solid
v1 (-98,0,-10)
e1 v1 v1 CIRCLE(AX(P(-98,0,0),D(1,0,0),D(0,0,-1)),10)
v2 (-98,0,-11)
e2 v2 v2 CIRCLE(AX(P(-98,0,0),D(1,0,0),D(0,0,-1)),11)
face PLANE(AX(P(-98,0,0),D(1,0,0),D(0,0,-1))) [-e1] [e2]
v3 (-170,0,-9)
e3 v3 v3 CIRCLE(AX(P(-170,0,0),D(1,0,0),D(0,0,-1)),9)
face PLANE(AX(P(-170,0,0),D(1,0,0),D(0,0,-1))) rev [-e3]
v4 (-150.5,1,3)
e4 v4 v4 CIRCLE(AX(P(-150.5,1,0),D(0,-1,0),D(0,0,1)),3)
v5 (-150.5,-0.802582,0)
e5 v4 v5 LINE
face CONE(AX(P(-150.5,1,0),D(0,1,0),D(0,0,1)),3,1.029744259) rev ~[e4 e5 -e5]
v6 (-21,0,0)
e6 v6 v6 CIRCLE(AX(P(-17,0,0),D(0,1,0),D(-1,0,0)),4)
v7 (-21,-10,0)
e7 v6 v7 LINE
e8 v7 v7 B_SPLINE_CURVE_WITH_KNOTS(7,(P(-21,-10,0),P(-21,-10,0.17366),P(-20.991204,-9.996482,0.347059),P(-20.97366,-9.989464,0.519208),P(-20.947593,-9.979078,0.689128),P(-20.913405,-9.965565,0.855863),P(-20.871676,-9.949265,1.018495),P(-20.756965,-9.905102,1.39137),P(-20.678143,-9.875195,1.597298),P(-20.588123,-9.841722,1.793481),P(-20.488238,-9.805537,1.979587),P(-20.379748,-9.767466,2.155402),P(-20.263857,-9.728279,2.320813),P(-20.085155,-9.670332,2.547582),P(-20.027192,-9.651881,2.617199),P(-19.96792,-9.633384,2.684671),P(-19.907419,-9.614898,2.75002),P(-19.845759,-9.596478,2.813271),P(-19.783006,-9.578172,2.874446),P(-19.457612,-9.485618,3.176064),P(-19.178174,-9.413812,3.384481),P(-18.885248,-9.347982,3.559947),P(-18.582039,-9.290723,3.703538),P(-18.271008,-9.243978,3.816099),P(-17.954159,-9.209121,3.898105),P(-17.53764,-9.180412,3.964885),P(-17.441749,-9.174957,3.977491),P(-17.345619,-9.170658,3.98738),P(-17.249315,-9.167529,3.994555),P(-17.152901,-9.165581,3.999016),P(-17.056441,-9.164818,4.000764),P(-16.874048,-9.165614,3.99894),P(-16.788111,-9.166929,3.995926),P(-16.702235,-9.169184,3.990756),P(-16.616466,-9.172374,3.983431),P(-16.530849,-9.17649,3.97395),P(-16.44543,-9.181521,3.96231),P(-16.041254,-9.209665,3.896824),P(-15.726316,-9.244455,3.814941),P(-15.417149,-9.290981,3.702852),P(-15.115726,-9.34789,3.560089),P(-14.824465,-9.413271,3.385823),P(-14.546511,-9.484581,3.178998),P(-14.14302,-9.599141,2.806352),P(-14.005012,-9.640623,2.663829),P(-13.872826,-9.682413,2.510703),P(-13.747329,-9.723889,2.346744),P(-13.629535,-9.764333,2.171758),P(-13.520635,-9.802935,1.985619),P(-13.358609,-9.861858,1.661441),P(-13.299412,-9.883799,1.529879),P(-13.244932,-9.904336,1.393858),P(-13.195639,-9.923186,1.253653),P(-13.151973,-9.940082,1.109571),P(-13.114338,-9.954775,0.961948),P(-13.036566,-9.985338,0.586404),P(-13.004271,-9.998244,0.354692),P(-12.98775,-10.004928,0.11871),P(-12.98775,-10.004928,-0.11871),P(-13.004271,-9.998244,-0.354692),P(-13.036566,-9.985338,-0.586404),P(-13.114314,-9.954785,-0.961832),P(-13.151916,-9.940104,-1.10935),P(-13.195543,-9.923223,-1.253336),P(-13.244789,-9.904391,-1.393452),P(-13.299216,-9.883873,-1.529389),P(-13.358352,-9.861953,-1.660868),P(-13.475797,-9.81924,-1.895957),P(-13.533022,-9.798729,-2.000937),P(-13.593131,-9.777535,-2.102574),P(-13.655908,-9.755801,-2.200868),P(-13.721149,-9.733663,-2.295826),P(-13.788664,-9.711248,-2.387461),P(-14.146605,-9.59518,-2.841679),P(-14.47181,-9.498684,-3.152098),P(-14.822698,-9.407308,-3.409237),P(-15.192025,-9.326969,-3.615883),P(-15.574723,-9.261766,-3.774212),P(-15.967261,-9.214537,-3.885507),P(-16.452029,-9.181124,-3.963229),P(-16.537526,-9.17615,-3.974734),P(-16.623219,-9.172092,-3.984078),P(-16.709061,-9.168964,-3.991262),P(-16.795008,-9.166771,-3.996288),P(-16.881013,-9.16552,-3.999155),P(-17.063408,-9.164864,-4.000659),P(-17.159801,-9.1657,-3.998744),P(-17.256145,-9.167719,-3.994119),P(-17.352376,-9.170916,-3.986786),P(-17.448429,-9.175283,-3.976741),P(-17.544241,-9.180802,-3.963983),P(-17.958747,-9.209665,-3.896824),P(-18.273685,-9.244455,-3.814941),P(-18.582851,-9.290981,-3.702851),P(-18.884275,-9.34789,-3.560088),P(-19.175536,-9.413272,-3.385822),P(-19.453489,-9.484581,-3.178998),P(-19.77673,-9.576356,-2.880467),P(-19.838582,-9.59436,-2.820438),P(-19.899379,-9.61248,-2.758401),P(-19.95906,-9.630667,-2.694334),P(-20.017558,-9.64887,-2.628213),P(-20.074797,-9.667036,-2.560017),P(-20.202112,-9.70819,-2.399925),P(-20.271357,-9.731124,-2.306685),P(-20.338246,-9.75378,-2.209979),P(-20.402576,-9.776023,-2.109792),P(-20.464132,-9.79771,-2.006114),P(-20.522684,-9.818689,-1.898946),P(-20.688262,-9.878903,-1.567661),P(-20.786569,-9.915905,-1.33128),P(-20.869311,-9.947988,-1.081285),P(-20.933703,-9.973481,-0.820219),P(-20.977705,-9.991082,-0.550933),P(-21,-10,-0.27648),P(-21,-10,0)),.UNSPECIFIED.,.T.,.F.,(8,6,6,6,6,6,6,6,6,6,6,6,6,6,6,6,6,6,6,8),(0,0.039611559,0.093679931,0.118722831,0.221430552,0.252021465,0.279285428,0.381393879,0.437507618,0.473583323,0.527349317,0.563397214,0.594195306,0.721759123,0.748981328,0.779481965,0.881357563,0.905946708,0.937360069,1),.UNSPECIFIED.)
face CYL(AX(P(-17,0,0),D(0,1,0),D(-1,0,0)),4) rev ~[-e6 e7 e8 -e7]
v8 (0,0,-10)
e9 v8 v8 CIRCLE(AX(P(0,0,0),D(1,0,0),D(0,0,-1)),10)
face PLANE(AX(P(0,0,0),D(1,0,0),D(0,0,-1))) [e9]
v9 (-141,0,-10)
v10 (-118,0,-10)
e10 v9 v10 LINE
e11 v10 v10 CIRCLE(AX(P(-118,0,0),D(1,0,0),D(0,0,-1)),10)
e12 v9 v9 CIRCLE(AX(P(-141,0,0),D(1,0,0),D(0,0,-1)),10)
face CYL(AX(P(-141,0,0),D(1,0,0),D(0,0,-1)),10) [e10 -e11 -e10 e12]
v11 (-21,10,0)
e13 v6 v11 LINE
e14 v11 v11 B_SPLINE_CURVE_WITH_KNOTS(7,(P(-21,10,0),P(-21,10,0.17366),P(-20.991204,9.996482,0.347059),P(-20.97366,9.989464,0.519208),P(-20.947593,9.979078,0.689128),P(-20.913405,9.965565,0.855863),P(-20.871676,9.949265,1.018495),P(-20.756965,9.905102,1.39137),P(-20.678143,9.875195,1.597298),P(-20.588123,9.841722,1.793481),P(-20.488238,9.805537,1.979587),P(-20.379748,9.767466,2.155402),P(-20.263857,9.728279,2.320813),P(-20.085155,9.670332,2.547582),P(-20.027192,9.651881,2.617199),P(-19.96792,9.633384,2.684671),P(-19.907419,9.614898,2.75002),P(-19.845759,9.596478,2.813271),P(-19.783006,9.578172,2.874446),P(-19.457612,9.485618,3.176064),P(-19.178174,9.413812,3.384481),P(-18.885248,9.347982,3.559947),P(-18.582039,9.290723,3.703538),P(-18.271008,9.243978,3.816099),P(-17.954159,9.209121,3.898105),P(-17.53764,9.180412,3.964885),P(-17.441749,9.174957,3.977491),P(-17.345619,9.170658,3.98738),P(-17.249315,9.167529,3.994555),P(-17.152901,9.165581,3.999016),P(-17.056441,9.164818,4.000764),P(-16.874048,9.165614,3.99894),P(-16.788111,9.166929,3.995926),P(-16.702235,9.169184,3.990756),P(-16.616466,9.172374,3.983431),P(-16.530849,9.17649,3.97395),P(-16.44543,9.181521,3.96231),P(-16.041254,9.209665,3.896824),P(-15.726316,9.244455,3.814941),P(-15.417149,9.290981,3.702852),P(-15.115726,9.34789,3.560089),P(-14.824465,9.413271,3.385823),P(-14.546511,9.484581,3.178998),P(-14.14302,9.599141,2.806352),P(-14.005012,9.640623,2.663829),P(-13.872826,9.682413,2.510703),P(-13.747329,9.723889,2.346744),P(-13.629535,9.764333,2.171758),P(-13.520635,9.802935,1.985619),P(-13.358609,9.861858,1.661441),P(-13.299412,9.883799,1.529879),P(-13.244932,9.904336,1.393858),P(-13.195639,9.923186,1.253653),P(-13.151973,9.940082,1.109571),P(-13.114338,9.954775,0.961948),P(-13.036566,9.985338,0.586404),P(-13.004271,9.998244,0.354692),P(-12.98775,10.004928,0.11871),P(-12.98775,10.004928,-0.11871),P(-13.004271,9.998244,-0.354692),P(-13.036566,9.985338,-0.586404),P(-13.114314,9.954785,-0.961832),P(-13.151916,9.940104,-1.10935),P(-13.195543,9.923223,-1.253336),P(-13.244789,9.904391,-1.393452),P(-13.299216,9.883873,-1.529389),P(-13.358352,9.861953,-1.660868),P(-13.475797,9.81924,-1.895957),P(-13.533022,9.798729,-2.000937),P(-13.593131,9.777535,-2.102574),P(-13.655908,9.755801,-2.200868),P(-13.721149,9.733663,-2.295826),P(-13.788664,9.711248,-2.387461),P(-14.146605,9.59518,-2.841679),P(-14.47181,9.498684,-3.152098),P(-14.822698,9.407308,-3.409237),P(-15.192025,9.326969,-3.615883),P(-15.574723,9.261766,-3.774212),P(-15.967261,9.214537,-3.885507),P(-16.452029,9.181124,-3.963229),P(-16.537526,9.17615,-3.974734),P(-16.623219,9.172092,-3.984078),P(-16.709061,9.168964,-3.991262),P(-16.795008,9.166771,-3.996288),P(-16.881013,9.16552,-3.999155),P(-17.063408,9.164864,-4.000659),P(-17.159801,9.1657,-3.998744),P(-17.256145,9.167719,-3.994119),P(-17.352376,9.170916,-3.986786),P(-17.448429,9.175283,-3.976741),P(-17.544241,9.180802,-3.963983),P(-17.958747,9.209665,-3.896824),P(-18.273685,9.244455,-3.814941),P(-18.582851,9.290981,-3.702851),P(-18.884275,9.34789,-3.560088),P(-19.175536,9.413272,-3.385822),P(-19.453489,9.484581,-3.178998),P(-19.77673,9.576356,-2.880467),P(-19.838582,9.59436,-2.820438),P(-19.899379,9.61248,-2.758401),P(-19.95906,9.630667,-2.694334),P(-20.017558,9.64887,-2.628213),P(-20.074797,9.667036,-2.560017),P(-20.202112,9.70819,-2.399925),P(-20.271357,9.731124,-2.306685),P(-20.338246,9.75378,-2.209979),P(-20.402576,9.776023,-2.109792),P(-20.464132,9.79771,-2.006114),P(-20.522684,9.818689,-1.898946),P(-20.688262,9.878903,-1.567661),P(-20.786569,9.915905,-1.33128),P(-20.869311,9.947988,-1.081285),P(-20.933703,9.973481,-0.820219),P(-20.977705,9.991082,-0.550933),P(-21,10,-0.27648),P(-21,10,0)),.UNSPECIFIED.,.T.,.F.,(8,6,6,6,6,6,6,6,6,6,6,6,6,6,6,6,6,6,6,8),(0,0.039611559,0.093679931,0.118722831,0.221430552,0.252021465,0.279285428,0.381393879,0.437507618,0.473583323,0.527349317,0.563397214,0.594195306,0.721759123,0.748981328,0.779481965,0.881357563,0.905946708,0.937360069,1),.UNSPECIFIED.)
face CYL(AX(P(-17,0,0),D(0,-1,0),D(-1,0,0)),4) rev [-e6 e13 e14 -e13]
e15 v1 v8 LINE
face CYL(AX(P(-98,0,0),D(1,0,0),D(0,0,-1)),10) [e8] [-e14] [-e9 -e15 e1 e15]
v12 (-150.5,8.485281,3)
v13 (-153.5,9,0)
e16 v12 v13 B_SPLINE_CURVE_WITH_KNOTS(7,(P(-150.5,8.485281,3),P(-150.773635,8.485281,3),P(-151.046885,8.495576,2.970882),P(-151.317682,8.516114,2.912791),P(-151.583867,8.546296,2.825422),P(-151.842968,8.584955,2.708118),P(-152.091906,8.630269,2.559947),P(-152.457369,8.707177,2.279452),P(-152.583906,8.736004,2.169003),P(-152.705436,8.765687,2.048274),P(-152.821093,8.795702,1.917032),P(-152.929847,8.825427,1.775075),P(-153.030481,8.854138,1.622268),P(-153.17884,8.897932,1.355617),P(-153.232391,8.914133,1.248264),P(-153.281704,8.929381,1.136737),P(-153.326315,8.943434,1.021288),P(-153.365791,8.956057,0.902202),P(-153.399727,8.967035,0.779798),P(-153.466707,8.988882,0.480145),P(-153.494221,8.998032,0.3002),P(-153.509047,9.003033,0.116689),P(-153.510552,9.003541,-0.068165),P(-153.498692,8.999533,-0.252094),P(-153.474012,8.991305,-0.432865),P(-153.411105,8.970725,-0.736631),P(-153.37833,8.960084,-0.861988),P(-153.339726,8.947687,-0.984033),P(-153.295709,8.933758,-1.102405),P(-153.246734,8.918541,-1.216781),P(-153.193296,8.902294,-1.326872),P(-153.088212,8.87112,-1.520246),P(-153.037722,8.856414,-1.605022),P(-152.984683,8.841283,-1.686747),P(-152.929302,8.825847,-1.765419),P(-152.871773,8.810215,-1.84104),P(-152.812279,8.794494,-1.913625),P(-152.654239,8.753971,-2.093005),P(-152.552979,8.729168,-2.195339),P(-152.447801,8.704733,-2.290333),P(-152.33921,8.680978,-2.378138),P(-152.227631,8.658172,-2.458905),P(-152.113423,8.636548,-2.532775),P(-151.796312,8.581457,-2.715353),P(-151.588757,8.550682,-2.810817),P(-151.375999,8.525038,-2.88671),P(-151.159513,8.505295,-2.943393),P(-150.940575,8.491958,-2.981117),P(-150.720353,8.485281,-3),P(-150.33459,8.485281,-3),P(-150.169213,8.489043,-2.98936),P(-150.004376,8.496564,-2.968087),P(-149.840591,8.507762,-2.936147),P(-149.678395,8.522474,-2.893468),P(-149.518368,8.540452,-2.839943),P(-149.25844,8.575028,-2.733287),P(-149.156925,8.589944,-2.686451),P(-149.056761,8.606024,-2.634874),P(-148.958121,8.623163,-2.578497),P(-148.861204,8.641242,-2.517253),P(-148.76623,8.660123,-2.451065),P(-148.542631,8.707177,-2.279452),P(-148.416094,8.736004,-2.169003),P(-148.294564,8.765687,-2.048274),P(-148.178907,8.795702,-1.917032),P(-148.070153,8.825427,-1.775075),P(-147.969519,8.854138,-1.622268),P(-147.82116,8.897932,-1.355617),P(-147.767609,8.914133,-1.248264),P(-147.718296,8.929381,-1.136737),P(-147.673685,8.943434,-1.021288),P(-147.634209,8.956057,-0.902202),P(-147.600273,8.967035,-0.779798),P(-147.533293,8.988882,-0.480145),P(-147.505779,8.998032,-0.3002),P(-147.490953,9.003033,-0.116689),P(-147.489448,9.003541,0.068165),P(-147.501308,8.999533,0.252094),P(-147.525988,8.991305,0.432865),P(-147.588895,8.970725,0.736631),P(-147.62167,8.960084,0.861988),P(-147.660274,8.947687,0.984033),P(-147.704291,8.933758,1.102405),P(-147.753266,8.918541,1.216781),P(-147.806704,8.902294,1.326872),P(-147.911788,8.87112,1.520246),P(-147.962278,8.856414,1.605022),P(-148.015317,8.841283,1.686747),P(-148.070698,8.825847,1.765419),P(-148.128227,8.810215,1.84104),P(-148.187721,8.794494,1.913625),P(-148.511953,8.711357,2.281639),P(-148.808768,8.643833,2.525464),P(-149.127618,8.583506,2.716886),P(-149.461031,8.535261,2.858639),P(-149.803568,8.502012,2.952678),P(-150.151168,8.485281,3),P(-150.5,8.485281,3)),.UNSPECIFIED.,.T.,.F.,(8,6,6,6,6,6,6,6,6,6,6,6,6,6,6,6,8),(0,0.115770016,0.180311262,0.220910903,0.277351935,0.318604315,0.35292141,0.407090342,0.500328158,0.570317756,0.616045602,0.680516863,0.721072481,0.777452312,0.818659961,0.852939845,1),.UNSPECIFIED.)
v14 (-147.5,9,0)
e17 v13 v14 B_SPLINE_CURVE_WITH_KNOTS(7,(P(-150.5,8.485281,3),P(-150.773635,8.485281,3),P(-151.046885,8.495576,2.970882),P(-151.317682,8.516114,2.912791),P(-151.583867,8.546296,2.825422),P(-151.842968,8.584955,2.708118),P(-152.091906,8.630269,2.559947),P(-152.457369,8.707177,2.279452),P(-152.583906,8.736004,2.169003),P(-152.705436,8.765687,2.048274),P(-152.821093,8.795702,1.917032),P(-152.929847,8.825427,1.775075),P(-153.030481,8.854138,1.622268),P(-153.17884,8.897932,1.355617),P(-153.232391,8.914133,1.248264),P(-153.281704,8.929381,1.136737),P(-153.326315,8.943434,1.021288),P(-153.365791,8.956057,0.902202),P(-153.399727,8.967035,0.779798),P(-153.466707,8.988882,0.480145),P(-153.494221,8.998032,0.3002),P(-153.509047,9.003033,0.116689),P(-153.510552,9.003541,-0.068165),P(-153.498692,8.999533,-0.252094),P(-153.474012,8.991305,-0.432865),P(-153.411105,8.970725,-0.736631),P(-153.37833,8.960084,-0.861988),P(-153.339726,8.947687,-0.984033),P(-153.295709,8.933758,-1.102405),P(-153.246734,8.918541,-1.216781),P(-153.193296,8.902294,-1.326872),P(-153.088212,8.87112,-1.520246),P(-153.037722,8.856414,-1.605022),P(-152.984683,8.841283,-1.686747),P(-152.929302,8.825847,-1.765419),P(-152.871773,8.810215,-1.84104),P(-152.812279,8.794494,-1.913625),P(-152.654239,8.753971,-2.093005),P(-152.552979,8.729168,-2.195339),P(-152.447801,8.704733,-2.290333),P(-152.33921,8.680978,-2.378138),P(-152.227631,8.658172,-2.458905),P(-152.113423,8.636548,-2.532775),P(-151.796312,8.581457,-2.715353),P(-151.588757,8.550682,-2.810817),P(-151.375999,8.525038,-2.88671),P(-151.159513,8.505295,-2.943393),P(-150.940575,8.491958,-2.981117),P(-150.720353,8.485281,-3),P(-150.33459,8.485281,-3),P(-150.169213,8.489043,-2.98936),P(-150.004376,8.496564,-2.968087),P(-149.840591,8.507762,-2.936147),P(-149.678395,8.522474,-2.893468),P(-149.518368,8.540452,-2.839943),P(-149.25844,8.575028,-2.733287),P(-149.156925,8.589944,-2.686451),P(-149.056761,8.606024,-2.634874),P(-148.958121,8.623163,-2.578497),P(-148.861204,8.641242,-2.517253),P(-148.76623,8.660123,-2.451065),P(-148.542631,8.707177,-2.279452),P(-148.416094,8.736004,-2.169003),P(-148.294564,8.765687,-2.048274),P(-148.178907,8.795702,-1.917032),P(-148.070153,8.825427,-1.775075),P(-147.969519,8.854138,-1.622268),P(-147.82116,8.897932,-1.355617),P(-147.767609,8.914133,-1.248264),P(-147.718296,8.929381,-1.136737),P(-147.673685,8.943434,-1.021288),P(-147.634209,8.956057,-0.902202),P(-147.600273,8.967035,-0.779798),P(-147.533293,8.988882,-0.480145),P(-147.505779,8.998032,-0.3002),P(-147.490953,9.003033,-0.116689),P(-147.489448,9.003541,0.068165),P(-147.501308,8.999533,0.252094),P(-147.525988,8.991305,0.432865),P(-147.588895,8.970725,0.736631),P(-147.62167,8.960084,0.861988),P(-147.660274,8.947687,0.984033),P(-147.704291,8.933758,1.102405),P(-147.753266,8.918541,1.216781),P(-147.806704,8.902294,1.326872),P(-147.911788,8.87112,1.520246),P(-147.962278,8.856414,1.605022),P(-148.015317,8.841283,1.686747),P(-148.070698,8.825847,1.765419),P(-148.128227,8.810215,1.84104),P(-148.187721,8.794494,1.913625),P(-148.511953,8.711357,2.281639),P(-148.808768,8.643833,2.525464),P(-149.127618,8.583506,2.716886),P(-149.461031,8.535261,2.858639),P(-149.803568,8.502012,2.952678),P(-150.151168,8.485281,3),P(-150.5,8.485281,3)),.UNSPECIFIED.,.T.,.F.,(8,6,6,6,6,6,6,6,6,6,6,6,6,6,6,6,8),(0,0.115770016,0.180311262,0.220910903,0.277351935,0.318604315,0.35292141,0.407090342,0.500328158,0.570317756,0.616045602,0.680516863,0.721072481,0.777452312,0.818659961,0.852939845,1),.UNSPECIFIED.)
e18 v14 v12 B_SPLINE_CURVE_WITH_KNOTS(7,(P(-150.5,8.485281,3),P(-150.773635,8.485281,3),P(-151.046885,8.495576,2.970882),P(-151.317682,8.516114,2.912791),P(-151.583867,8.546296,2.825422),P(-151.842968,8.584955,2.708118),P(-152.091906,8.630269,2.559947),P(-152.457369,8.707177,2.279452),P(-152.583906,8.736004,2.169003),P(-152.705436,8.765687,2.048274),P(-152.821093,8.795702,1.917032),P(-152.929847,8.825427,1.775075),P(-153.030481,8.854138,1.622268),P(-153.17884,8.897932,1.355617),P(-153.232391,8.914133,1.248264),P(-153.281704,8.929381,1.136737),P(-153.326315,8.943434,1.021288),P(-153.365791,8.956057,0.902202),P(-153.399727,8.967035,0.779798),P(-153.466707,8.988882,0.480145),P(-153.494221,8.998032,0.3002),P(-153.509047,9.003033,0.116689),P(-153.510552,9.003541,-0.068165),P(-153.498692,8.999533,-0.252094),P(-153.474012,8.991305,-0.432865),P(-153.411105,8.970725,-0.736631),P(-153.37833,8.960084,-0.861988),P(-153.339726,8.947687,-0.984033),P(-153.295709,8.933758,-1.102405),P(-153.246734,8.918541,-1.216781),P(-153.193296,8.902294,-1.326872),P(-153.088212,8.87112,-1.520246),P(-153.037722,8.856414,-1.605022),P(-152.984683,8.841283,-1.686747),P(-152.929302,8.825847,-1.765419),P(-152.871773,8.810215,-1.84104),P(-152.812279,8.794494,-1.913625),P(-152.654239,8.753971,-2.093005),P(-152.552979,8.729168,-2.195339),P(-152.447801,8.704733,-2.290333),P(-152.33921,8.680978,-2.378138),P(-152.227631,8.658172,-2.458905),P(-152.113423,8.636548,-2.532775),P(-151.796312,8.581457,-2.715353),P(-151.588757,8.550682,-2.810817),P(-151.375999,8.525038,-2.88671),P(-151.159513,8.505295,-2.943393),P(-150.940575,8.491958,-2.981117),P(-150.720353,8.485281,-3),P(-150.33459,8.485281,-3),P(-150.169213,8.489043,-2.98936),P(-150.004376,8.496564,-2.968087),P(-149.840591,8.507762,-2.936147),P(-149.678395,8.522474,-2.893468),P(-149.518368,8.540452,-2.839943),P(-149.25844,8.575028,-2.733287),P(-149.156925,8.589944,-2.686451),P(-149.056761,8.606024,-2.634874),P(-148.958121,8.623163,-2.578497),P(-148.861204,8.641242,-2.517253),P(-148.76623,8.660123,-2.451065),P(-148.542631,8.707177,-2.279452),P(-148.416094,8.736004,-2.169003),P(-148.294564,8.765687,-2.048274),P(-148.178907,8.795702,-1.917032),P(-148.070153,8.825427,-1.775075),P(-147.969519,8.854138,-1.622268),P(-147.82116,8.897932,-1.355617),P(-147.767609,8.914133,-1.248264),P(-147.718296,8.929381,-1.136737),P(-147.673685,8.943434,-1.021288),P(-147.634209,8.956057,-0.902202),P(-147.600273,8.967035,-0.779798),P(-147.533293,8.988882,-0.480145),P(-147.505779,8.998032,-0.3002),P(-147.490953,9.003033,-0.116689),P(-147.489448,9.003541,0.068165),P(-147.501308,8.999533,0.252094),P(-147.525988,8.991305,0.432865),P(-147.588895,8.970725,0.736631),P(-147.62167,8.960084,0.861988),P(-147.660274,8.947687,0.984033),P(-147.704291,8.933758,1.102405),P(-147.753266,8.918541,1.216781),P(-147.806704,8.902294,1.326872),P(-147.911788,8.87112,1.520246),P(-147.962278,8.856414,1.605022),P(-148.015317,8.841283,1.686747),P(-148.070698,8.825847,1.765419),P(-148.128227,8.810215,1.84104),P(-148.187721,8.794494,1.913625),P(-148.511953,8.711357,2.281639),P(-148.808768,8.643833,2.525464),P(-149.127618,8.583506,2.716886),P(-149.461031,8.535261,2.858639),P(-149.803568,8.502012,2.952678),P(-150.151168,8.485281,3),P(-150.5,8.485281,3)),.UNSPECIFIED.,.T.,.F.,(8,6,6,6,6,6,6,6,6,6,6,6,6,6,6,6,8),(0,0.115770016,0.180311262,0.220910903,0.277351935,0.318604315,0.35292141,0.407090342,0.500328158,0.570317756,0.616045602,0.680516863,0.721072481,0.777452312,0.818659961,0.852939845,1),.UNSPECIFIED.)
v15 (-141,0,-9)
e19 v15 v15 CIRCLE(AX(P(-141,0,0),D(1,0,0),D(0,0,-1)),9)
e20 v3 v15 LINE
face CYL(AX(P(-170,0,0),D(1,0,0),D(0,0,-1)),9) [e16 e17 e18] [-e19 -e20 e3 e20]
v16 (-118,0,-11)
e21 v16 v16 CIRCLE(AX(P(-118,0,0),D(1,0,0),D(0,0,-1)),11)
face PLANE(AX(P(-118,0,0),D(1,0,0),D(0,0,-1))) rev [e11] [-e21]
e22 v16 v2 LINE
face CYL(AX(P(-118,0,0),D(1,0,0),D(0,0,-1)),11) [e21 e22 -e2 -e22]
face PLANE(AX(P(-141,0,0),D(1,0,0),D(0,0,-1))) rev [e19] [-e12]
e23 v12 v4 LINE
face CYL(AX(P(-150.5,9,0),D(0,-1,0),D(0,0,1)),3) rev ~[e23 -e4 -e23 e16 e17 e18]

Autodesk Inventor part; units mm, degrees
ref_plane "YZ Plane" through (0, 0, 0) normal (1, 0, 0) x (0, 1, 0)
ref_plane "XY Plane" through (0, 0, 0) normal (0, 0, 1) x (1, 0, 0)
sketch "スケッチ1" plane through (0, 0, 0) normal (0, 1, 0) x (-1, 0, 0)
  line L0 (204, 0) -> (-34, 0) projected
  line L1 (0, -13.2) -> (0, 2.2) projected
  line L2 (170, 0) -> (170, -9)
  line L3 (118, -11) -> (98, -11)
  line L4 (98, -11) -> (98, -10)
  line L5 (98, -10) -> (0, -10)
  line L6 (0, -10) -> (0, 0)
  line L7 (170, 0) -> (0, 0)
  line L8 (170, -9) -> (141, -9)
  line L9 (141, -9) -> (141, -10)
  line L10 (141, -10) -> (118, -10)
  line L11 (118, -10) -> (118, -11)
  dimension "d1" = 11
  dimension "d2" = 10
  dimension "d3" = 9
  dimension "d4" = 10
  dimension "d6" = 29
  dimension "d8" = 23
  dimension "d9" = 20
  dimension "d10" = 170
revolve "回転1" add sketch "スケッチ1" angle 360 about axis through (-170, 0, 0) along (1, 0, 0)
sketch "スケッチ2" plane through (0, 0, 0) normal (0, 1, 0) x (-1, 0, 0)
  circle A0 centre (17, 0) radius 4
  line L0 (0, 10) -> (0, -10) projected
  point P0 (0, 0)
  dimension "d12" = 8
  dimension "d13" = 17
extrude "押し出し2" cut sketch "スケッチ2" along normal through all both and the other way through all
ref_plane "作業平面1" through (0, 9, 0) normal (0, 1, 0) x (-1, 0, 0)
sketch "スケッチ3" plane through (0, 9, 0) normal (0, 1, 0) x (-1, 0, 0)
  line L0 (170, 9) -> (170, -9) projected
  point P0 (0, 0)
  point P1 (150.5, 0)
  dimension "d19" = 19.5
hole "穴1" at (-150.5, 9, 0) direction (0, -1, 0) diameter 6 depth 8 tip angle 118
properties part number "Shaft_main" material "アルミニウム 6061"
